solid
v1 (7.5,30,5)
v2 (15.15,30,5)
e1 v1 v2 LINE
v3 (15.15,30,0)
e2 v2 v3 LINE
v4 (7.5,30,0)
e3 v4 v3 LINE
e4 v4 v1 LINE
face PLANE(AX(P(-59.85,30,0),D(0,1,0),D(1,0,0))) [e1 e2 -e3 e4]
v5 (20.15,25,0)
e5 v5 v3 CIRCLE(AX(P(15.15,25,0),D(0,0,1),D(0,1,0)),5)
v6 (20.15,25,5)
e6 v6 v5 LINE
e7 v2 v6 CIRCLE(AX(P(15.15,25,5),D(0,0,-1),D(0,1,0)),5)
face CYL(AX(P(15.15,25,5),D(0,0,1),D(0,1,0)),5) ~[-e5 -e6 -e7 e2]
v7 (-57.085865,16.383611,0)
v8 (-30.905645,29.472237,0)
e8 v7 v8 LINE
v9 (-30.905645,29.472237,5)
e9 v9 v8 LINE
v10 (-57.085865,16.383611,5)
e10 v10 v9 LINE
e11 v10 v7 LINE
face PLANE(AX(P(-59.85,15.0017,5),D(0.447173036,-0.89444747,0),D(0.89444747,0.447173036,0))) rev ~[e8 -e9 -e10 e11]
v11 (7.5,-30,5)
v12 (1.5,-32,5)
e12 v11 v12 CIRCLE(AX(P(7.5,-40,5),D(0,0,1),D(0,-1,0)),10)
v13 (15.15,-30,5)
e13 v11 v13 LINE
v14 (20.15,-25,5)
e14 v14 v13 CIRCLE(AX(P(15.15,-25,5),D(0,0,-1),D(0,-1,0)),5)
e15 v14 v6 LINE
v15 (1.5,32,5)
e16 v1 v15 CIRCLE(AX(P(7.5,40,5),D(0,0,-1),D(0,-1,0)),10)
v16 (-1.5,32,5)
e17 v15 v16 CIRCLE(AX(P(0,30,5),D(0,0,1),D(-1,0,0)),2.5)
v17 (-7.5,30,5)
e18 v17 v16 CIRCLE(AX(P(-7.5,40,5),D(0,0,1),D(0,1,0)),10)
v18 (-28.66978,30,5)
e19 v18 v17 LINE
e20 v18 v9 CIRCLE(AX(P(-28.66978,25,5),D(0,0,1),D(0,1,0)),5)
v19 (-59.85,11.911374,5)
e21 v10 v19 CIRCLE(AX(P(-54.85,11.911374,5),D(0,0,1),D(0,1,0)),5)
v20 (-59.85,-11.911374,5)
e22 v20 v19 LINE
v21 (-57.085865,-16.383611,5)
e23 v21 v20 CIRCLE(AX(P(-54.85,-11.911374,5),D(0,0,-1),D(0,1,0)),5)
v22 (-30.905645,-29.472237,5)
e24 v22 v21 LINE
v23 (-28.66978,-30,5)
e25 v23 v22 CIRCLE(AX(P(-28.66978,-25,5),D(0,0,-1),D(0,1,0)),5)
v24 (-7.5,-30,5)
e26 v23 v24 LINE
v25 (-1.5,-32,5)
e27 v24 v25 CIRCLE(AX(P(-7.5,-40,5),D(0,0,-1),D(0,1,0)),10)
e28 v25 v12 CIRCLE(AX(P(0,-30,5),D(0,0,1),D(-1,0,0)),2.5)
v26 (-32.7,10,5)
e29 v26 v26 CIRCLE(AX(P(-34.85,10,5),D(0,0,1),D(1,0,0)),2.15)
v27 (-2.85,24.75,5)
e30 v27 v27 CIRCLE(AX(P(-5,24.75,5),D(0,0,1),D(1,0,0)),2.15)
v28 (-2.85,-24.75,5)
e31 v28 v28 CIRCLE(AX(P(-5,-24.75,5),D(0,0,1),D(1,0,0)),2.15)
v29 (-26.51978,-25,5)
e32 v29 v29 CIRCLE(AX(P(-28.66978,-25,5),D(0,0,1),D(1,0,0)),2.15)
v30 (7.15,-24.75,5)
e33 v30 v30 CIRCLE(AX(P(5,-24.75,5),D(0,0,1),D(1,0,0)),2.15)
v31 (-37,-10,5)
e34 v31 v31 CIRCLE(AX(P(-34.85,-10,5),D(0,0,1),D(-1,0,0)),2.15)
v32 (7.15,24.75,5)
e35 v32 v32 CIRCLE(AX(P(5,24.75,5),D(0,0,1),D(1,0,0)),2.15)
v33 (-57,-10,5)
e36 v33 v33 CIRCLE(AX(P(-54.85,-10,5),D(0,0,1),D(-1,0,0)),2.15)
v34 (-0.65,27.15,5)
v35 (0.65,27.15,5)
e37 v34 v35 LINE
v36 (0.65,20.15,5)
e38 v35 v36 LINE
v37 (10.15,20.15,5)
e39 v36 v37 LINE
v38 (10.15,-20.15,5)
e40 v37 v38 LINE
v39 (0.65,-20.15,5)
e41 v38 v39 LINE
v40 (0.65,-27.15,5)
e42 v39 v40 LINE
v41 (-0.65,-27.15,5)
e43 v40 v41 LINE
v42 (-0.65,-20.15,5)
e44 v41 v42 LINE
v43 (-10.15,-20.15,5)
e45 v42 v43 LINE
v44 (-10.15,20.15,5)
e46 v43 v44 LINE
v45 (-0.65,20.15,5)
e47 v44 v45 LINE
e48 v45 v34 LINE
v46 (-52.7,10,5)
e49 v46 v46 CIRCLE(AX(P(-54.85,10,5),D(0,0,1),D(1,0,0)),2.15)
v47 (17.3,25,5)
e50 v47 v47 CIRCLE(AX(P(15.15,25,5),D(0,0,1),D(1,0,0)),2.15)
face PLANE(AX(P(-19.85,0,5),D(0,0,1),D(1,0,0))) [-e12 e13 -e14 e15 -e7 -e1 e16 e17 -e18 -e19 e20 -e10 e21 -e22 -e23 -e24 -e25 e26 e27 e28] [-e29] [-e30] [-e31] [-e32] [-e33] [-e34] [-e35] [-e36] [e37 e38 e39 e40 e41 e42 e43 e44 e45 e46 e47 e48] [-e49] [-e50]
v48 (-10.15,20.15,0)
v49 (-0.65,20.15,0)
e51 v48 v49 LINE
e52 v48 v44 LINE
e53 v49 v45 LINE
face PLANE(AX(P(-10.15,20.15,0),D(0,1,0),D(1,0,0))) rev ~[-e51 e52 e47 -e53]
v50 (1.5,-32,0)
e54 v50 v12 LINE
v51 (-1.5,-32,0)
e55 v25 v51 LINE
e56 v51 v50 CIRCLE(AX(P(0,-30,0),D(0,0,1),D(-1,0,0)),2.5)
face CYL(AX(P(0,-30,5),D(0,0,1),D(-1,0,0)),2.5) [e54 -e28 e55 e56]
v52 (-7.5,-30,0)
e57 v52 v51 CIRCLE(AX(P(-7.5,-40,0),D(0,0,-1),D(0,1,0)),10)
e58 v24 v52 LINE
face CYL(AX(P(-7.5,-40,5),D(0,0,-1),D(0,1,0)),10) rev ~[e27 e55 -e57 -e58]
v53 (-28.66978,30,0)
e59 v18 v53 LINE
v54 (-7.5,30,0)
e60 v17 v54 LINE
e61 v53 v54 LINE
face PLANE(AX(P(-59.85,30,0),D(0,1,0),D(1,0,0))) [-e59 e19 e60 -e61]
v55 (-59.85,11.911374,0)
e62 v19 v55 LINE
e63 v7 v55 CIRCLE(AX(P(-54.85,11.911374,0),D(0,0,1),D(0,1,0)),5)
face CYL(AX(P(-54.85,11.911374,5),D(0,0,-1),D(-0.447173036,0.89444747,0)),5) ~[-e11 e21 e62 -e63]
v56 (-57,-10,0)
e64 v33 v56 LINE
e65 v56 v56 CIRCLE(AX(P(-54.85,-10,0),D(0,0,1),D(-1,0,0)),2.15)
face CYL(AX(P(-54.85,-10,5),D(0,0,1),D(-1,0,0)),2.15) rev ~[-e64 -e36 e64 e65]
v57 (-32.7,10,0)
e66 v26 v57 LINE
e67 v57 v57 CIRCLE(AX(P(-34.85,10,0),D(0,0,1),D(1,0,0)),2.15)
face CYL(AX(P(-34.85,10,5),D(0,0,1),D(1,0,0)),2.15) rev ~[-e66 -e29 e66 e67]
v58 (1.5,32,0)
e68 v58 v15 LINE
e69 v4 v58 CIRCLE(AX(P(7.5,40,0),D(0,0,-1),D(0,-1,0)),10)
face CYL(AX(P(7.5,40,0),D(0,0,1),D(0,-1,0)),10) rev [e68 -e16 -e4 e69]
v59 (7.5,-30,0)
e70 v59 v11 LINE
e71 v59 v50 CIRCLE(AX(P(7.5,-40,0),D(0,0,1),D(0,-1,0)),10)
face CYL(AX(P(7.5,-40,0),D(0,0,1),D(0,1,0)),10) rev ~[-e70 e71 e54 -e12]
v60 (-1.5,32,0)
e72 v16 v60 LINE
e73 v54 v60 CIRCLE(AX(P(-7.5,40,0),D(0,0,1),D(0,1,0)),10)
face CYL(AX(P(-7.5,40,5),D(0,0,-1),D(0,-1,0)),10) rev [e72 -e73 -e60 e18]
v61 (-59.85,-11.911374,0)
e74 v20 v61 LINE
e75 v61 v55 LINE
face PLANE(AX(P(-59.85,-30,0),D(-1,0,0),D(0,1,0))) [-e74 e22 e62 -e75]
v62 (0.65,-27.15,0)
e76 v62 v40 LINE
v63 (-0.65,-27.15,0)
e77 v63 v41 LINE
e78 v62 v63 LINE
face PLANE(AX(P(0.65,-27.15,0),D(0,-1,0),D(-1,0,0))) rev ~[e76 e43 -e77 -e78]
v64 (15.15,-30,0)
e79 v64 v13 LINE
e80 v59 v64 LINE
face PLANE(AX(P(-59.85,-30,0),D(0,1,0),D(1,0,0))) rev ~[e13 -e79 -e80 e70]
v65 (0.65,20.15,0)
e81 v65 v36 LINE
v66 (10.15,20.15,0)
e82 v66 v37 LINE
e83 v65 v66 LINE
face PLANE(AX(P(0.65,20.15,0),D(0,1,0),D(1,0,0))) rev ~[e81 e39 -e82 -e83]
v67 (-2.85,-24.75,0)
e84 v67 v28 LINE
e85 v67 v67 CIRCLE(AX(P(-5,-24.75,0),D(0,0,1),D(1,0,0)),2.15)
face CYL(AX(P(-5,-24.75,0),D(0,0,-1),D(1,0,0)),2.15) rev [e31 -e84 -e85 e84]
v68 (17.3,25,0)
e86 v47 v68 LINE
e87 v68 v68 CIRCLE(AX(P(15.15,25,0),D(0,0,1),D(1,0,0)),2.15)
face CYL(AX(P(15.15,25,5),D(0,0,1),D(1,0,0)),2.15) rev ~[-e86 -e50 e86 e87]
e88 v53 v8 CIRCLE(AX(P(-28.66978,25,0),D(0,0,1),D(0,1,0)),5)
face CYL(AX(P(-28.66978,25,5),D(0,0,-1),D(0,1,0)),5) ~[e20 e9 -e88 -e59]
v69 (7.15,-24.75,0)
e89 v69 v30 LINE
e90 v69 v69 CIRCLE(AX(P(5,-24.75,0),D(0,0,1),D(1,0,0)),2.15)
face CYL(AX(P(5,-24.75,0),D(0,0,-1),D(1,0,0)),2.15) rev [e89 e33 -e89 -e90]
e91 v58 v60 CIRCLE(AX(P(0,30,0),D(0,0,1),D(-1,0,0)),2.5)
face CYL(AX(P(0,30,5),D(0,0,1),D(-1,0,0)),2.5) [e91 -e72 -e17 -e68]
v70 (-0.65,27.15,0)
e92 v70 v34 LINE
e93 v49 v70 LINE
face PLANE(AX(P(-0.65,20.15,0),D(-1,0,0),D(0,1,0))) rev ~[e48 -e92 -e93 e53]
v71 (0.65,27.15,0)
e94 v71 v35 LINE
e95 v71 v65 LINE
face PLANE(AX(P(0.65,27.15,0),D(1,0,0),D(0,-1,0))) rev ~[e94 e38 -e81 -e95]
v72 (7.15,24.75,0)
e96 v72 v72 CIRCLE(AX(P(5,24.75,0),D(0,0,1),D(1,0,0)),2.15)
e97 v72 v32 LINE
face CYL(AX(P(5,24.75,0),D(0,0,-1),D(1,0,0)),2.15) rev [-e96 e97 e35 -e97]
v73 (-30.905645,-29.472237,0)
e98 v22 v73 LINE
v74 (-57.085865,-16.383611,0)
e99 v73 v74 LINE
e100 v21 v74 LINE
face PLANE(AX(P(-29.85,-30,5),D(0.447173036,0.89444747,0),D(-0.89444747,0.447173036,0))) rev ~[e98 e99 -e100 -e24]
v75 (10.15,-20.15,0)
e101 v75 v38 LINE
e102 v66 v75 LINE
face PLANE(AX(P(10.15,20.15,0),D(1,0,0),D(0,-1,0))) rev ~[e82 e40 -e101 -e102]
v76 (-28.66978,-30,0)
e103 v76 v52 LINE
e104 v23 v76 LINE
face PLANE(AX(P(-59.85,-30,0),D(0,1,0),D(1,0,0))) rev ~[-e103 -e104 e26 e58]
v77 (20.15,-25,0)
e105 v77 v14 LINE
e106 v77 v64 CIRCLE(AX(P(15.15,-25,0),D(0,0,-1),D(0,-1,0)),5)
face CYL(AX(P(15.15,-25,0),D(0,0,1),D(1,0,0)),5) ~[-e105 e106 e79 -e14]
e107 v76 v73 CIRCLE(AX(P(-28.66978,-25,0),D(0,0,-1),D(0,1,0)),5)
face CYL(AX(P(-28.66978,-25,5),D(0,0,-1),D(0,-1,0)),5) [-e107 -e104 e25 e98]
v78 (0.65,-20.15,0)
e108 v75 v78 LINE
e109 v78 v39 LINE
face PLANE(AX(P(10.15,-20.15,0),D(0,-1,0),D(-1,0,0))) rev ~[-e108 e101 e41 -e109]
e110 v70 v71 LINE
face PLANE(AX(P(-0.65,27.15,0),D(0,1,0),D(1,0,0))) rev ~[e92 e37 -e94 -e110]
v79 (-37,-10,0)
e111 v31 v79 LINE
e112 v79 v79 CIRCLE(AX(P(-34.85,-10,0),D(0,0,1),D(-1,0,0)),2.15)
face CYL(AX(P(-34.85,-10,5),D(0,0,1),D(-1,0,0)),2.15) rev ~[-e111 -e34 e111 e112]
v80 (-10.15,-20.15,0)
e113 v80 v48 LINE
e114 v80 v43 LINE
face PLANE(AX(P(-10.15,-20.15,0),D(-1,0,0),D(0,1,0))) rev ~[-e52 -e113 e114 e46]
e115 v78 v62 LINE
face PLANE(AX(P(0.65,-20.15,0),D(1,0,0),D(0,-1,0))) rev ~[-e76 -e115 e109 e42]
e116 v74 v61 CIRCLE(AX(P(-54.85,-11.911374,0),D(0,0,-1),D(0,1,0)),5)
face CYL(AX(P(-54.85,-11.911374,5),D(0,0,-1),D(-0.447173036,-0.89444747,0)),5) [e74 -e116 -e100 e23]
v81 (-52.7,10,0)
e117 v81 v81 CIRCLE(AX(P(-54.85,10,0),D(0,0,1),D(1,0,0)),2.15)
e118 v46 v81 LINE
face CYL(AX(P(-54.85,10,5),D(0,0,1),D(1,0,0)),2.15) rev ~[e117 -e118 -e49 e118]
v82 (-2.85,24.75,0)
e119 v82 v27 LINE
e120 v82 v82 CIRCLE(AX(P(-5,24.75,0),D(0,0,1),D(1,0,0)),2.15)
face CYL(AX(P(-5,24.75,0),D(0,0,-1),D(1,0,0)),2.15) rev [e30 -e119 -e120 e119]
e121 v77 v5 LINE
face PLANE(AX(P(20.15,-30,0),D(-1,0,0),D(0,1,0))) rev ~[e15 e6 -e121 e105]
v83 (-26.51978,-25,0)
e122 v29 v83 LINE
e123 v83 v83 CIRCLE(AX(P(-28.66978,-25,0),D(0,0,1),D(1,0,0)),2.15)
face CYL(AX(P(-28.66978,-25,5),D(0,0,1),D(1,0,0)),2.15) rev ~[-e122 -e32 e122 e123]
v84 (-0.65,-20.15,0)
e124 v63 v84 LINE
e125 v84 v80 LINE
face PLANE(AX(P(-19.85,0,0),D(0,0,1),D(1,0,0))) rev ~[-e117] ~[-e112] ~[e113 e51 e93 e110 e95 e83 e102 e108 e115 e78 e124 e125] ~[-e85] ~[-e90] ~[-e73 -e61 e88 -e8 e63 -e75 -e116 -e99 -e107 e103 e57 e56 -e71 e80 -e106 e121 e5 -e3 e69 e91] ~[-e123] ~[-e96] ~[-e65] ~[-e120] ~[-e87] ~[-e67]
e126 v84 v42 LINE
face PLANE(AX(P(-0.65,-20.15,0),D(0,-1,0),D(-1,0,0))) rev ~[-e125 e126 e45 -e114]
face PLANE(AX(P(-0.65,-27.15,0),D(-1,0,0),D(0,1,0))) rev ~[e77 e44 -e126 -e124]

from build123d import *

# Parameters (mm, degrees)
SKETCH_1_W          = 80
SKETCH_1_H          = 60
SKETCH_1_R          = 2.15
EXTRUDE_1_DEPTH     = 5
SKETCH_2_R          = 2.15
CUT_EXTRUDE_1_DEPTH = 68.134361545
SKETCH_3_R          = 2.15
CUT_EXTRUDE_2_DEPTH = 68.134361545
CUT_EXTRUDE_3_DEPTH = 68.134361545
FILLET_1_R          = 5
SKETCH_5_R          = 2.15
CUT_EXTRUDE_4_DEPTH = 68.134361545
FILLET_2_R          = 5
EXTRUDE_2_DEPTH     = 5
FILLET_3_R          = 10


with BuildPart() as part:
    # ｽｹｯﾁ1 → ﾎﾞｽ - 押し出し1 (new body)
    with BuildSketch(Plane.XY):
        with Locations((-19.85, 0)):
            Rectangle(SKETCH_1_W, SKETCH_1_H)
        with Locations((-5, -24.75)):
            Circle(SKETCH_1_R, mode=Mode.SUBTRACT)
        with Locations((5, -24.75)):
            Circle(SKETCH_1_R, mode=Mode.SUBTRACT)
        Polygon((0.65, -20.15), (0.65, -27.15), (-0.65, -27.15), (-0.65, -20.15), (-10.15, -20.15), (-10.15, 20.15), (-0.65, 20.15), (-0.65, 27.15), (0.65, 27.15), (0.65, 20.15), (10.15, 20.15), (10.15, -20.15), align=None, mode=Mode.SUBTRACT)
        with Locations((-5, 24.75)):
            Circle(SKETCH_1_R, mode=Mode.SUBTRACT)
        with Locations((5, 24.75)):
            Circle(SKETCH_1_R, mode=Mode.SUBTRACT)
    extrude(amount=EXTRUDE_1_DEPTH)

    # ｽｹｯﾁ2 → ｶｯﾄ - 押し出し1 (cut, through all)
    with BuildSketch(Plane.XY.offset(5)):
        with Locations((-54.85, 10)):
            Circle(SKETCH_2_R)
        with Locations(Location((-54.85, -10, 0), (0, 0, 180))):
            Circle(SKETCH_2_R)
        with Locations((-34.85, 10)):
            Circle(SKETCH_2_R)
        with Locations(Location((-34.85, -10, 0), (0, 0, 180))):
            Circle(SKETCH_2_R)
    extrude(amount=-CUT_EXTRUDE_1_DEPTH, mode=Mode.SUBTRACT)

    # ｽｹｯﾁ3 → ｶｯﾄ - 押し出し2 (cut, through all)
    with BuildSketch(Plane.XY.offset(5)):
        with Locations((15.15, 25)):
            Circle(SKETCH_3_R)
        with BuildLine():
            ThreePointArc((15.15, 30), (18.685533906, 28.535533906), (20.15, 25))
            Line((20.15, 25), (20.15, 30))
            Line((20.15, 30), (15.15, 30))
        make_face()
    extrude(amount=-CUT_EXTRUDE_2_DEPTH, mode=Mode.SUBTRACT)

    # ｽｹｯﾁ4 → ｶｯﾄ - 押し出し3 (cut, through all)
    with BuildSketch(Plane.XY.offset(5)):
        Polygon((-59.85, 30), (-59.85, 15.001700458), (-29.85, 30), align=None)
        Polygon((-29.85, -30), (-59.85, -15.001700458), (-59.85, -30), align=None)
    extrude(amount=-CUT_EXTRUDE_3_DEPTH, mode=Mode.SUBTRACT)

    # ﾌｨﾚｯﾄ1
    fillet_1_edges = [part.edges().sort_by_distance(p)[0] for p in [
        (20.15, -30, 2.5),
    ]]
    fillet(fillet_1_edges, radius=FILLET_1_R)

    # ｽｹｯﾁ5 → ｶｯﾄ - 押し出し4 (cut, through all)
    with BuildSketch(Plane.XY.offset(5)):
        with Locations((-28.669779796, -25)):
            Circle(SKETCH_5_R)
    extrude(amount=-CUT_EXTRUDE_4_DEPTH, mode=Mode.SUBTRACT)

    # ﾌｨﾚｯﾄ2
    fillet_2_edges = [part.edges().sort_by_distance(p)[0] for p in [
        (-59.85, 15.001700458, 2.5),
        (-29.85, 30, 2.5),
        (-59.85, -15.001700458, 2.5),
        (-29.85, -30, 2.5),
    ]]
    fillet(fillet_2_edges, radius=FILLET_2_R)

    # ｽｹｯﾁ6 → ﾎﾞｽ - 押し出し2 (add)
    with BuildSketch(Plane.XY.offset(5)):
        with BuildLine():
            ThreePointArc((2.5, 30), (0, 32.5), (-2.5, 30))
            Line((-2.5, 30), (2.5, 30))
        make_face()
        with BuildLine():
            Line((2.5, 30), (-2.5, 30))
            ThreePointArc((-2.5, 30), (0, 27.5), (2.5, 30))
        make_face()
        with BuildLine():
            ThreePointArc((2.5, -30), (0, -27.5), (-2.5, -30))
            Line((-2.5, -30), (2.5, -30))
        make_face()
        with BuildLine():
            Line((2.5, -30), (-2.5, -30))
            ThreePointArc((-2.5, -30), (0, -32.5), (2.5, -30))
        make_face()
    extrude(amount=-EXTRUDE_2_DEPTH)

    # ﾌｨﾚｯﾄ3
    fillet_3_edges = [part.edges().sort_by_distance(p)[0] for p in [
        (2.5, 30, 2.5),
        (-2.5, 30, 2.5),
        (2.5, -30, 2.5),
        (-2.5, -30, 2.5),
    ]]
    fillet(fillet_3_edges, radius=FILLET_3_R)


solid = part.part
